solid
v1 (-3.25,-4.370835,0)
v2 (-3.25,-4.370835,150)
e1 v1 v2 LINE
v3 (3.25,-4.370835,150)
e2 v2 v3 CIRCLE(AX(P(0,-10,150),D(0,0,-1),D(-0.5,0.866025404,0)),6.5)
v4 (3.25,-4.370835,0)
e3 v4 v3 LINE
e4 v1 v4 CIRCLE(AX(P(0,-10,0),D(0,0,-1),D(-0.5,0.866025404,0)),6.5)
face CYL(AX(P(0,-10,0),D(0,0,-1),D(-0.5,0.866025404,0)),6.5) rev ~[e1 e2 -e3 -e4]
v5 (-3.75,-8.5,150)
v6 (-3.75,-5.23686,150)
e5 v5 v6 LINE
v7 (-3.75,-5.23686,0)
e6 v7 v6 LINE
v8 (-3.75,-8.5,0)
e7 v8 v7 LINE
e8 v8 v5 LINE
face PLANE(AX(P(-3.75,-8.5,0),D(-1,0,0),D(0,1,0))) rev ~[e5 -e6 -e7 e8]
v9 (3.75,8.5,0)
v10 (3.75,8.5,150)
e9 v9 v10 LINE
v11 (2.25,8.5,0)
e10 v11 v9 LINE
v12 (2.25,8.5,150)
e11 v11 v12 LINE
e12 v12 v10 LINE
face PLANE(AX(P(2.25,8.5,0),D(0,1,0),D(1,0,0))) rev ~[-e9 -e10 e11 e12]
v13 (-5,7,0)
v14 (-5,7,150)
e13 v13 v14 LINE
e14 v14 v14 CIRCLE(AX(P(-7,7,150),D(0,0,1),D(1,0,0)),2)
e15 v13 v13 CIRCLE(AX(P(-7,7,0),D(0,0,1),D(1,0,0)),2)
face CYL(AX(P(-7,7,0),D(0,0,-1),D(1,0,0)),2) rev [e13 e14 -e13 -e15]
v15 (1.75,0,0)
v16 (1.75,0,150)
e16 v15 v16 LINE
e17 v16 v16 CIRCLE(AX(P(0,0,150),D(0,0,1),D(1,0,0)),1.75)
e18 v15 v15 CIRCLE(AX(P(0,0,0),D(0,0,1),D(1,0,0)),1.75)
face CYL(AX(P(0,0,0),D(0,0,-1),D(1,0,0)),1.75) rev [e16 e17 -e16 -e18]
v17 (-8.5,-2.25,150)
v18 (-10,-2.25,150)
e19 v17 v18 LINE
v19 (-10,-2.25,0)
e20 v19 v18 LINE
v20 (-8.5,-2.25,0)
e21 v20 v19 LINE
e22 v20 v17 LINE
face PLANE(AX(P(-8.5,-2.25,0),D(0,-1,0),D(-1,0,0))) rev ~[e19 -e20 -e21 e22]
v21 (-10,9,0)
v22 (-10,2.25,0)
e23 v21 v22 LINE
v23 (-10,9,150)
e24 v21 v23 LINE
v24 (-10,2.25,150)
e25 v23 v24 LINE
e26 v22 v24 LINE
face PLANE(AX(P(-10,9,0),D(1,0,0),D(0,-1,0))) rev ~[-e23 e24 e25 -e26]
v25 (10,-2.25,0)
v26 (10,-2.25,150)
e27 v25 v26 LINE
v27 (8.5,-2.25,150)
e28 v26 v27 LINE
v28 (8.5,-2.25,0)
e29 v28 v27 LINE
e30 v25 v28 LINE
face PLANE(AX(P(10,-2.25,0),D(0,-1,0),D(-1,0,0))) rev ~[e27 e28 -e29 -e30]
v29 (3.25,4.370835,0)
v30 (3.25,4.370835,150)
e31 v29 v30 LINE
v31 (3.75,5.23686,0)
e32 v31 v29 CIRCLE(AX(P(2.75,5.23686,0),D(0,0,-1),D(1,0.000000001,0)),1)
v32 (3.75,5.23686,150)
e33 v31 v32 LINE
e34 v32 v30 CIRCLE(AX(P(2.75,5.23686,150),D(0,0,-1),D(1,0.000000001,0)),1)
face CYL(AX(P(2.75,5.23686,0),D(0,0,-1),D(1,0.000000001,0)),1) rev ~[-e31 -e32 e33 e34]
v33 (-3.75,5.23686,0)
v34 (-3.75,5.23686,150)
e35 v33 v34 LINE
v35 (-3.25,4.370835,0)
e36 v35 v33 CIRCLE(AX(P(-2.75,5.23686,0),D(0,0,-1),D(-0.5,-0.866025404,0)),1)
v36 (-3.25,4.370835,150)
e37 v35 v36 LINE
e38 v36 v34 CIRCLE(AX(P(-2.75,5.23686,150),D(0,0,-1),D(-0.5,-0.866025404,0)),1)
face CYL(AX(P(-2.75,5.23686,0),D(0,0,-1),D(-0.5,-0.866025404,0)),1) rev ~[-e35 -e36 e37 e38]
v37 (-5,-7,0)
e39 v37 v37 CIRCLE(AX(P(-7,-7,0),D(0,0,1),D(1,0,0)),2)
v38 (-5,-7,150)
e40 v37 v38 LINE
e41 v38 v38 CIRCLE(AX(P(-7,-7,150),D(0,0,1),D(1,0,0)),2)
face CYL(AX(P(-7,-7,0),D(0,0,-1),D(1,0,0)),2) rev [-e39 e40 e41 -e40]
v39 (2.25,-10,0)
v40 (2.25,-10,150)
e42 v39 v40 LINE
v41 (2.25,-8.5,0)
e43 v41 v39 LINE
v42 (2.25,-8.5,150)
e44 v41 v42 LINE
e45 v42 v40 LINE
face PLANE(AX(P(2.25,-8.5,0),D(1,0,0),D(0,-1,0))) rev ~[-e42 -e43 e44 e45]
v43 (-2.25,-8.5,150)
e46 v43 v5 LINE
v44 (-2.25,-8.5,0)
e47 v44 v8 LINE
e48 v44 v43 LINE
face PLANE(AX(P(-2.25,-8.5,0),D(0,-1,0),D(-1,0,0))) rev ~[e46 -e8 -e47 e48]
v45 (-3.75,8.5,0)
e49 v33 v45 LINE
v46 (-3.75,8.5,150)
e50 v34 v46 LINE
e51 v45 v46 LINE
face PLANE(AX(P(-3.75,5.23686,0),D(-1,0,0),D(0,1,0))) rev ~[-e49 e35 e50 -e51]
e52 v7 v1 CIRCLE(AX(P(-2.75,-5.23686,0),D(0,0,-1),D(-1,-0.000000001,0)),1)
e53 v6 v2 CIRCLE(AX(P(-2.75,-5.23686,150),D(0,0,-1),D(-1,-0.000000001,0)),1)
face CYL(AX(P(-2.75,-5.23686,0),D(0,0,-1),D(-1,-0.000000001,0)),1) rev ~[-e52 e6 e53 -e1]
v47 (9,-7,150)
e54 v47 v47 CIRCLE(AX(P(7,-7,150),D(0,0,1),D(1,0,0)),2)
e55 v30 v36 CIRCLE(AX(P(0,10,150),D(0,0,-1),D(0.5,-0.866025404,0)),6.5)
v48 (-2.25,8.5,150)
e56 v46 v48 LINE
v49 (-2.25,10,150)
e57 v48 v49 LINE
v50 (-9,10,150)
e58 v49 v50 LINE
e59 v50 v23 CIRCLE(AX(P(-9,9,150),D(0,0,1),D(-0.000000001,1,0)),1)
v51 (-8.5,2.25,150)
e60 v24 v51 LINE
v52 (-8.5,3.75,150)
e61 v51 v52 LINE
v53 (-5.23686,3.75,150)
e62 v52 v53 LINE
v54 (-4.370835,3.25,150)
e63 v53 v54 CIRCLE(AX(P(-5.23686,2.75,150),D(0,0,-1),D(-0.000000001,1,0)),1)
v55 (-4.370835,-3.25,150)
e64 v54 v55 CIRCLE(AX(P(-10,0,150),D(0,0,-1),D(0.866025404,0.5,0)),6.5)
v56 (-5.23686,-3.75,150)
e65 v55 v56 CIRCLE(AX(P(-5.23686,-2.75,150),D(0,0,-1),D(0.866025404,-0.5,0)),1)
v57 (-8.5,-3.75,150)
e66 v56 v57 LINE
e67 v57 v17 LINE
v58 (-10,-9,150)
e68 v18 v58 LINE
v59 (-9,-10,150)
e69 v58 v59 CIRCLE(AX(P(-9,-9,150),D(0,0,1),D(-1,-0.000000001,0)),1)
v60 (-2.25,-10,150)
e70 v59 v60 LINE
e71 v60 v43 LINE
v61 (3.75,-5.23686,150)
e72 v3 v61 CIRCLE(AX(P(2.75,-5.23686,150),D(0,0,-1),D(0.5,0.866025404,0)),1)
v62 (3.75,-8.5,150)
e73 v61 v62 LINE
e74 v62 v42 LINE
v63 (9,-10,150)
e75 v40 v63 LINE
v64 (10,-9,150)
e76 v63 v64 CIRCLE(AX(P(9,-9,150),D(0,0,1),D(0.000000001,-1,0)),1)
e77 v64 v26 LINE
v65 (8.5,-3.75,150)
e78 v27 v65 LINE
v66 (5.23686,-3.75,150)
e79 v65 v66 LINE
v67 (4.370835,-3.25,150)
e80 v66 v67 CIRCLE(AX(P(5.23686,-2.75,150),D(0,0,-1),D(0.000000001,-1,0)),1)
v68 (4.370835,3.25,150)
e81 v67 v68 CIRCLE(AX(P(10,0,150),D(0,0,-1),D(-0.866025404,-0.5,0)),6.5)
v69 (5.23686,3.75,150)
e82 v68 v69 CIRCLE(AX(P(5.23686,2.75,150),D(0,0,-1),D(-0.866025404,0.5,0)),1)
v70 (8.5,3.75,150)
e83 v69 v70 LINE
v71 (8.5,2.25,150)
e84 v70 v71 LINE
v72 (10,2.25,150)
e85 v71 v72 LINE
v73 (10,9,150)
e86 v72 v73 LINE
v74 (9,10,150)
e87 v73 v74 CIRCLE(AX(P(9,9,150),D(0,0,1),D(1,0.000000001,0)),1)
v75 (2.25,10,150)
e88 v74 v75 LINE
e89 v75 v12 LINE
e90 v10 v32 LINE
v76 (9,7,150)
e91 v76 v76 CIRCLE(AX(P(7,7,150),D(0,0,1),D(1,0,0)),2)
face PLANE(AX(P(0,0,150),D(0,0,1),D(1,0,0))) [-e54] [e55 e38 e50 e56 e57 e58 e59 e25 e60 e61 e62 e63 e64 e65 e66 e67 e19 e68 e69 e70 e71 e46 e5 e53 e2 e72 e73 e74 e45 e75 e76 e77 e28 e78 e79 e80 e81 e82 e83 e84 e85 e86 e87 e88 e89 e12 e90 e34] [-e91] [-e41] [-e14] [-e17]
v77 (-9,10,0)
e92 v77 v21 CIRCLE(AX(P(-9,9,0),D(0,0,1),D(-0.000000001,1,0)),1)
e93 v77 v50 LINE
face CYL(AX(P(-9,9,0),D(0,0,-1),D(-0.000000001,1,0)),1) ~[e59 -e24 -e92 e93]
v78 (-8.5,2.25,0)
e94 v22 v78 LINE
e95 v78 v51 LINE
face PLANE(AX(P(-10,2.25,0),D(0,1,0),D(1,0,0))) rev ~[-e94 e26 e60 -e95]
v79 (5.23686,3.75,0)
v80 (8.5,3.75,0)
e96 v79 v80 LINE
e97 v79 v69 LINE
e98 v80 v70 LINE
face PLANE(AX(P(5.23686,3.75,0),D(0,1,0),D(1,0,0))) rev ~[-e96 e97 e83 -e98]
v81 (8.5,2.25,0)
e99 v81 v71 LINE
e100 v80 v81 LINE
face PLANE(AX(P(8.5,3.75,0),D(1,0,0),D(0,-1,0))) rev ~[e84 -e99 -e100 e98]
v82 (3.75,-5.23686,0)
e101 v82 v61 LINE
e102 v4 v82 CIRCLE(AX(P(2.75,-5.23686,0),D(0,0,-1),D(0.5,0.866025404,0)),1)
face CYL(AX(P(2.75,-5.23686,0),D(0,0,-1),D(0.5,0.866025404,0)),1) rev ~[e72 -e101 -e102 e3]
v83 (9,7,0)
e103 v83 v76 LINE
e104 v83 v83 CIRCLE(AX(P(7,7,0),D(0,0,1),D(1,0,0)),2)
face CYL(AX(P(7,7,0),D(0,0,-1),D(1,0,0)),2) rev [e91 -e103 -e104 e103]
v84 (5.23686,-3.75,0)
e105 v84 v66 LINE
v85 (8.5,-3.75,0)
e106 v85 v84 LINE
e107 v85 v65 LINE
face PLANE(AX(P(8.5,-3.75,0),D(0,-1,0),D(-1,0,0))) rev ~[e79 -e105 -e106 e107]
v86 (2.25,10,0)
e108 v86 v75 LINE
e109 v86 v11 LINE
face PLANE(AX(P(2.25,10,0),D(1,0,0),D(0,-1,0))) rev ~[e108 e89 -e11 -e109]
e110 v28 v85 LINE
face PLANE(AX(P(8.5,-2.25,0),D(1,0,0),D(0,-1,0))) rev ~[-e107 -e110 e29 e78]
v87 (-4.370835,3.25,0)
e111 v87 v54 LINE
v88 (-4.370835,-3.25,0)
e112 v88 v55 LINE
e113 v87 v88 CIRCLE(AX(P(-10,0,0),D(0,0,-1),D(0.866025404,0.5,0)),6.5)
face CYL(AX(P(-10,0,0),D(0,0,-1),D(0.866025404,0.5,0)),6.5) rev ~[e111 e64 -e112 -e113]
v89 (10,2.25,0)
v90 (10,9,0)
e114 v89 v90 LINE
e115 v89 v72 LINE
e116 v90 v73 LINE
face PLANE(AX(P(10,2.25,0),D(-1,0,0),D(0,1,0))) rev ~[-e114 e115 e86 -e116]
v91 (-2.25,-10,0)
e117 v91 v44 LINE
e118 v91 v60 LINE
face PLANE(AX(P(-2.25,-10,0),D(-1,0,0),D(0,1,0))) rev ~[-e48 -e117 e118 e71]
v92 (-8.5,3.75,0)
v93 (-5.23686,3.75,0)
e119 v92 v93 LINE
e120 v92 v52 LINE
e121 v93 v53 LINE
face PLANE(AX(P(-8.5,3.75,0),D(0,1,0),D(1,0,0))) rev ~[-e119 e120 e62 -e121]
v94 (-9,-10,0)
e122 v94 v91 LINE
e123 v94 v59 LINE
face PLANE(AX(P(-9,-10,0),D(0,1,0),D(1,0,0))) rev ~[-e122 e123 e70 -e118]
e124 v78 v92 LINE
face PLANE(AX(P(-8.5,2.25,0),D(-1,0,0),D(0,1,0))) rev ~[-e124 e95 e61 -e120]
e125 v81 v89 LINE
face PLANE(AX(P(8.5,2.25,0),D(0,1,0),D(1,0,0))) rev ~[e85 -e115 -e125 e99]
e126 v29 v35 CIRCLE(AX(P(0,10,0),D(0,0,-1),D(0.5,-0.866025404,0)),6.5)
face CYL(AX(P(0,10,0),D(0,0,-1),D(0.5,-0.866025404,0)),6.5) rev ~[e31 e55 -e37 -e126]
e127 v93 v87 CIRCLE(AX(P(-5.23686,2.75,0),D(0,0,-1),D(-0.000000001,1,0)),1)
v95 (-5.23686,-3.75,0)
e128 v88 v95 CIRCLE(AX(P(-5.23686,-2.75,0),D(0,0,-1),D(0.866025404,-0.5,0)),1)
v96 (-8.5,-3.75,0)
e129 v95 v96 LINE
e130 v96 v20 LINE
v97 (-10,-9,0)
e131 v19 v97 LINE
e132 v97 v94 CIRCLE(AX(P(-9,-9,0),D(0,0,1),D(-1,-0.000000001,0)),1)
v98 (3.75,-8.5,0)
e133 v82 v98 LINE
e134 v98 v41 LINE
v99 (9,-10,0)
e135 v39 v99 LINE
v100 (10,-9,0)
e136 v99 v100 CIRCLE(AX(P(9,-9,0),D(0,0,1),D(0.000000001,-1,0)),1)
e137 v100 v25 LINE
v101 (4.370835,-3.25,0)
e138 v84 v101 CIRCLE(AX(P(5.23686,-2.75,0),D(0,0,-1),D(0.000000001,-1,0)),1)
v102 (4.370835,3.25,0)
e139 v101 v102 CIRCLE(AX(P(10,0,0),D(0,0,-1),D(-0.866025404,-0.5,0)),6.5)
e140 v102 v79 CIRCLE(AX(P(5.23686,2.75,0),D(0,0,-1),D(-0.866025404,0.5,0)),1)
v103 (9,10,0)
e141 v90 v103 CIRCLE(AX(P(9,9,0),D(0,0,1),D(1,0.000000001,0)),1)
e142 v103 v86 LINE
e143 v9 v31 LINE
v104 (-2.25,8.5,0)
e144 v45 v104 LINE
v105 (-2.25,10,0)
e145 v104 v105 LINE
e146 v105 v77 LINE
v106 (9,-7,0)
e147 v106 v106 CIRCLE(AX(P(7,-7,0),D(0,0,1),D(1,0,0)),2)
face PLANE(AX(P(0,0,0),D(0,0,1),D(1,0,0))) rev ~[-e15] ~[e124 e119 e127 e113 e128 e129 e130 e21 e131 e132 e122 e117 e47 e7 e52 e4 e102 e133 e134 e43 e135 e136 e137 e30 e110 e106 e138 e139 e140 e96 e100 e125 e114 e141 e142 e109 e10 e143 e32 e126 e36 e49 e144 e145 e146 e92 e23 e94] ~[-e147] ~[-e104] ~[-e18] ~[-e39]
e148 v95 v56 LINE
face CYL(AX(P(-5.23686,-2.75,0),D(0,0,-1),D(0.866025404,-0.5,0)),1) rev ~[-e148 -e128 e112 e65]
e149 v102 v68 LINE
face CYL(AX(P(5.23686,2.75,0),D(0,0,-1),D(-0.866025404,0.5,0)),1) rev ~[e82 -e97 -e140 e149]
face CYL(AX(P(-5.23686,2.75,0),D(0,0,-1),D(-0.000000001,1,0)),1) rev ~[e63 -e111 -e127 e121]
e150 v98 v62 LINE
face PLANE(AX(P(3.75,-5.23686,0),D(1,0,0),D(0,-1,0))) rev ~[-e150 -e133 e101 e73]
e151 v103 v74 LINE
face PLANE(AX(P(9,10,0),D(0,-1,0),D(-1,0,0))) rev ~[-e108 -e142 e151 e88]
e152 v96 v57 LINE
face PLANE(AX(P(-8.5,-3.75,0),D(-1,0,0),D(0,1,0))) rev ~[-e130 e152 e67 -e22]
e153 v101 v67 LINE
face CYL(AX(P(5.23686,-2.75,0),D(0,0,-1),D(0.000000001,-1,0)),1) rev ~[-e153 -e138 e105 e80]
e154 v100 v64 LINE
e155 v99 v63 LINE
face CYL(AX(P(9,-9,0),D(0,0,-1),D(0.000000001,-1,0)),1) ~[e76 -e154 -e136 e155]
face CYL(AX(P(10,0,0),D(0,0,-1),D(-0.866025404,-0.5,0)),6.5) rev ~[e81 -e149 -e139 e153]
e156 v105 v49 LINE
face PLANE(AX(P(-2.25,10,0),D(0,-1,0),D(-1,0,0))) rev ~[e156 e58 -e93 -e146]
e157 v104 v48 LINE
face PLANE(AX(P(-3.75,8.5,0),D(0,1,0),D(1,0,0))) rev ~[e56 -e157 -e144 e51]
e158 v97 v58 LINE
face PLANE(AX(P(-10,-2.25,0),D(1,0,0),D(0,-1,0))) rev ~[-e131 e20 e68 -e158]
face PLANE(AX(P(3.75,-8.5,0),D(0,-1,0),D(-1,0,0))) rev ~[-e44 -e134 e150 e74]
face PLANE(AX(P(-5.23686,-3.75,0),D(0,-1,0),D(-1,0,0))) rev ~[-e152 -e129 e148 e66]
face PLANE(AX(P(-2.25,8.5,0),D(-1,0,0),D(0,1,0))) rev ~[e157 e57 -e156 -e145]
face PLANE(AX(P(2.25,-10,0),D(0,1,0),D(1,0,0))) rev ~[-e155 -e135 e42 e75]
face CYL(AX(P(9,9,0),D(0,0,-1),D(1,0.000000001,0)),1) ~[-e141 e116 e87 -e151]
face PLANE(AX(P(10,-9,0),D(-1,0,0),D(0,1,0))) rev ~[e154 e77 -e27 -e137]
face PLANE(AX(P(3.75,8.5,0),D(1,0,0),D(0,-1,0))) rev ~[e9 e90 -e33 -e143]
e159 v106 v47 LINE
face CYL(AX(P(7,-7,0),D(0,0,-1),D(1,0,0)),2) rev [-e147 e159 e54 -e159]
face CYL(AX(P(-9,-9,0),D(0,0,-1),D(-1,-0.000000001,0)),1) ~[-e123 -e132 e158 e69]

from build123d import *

# Parameters (mm, degrees)
SKETCH1_R           = 2
SKETCH1_R_2         = 1.75
BOSS_EXTRUDE1_DEPTH = 150


with BuildPart() as part:
    # Sketch1 → Boss-Extrude1 (new body)
    with BuildSketch(Plane.XY):
        with BuildLine():
            Line((-10, 9), (-10, 2.25))
            Line((-10, 2.25), (-8.5, 2.25))
            Line((-8.5, 2.25), (-8.5, 3.75))
            Line((-8.5, 3.75), (-5.236860279, 3.75))
            ThreePointArc((-5.236860279, 3.75), (-4.736860279, 3.616025404), (-4.370834875, 3.25))
            ThreePointArc((-4.370834875, 3.25), (-3.5, 0), (-4.370834875, -3.25))
            ThreePointArc((-4.370834875, -3.25), (-4.736860279, -3.616025404), (-5.236860279, -3.75))
            Line((-5.236860279, -3.75), (-8.5, -3.75))
            Line((-8.5, -3.75), (-8.5, -2.25))
            Line((-8.5, -2.25), (-10, -2.25))
            Line((-10, -2.25), (-10, -9))
            ThreePointArc((-10, -9), (-9.707106781, -9.707106781), (-9, -10))
            Line((-9, -10), (-2.25, -10))
            Line((-2.25, -10), (-2.25, -8.5))
            Line((-2.25, -8.5), (-3.75, -8.5))
            Line((-3.75, -8.5), (-3.75, -5.236860279))
            ThreePointArc((-3.75, -5.236860279), (-3.616025404, -4.736860279), (-3.25, -4.370834875))
            ThreePointArc((-3.25, -4.370834875), (0, -3.5), (3.25, -4.370834875))
            ThreePointArc((3.25, -4.370834875), (3.616025404, -4.736860279), (3.75, -5.236860279))
            Line((3.75, -5.236860279), (3.75, -8.5))
            Line((3.75, -8.5), (2.25, -8.5))
            Line((2.25, -8.5), (2.25, -10))
            Line((2.25, -10), (9, -10))
            ThreePointArc((9, -10), (9.707106781, -9.707106781), (10, -9))
            Line((10, -9), (10, -2.25))
            Line((10, -2.25), (8.5, -2.25))
            Line((8.5, -2.25), (8.5, -3.75))
            Line((8.5, -3.75), (5.236860279, -3.75))
            ThreePointArc((5.236860279, -3.75), (4.736860279, -3.616025404), (4.370834875, -3.25))
            ThreePointArc((4.370834875, -3.25), (3.5, 0), (4.370834875, 3.25))
            ThreePointArc((4.370834875, 3.25), (4.736860279, 3.616025404), (5.236860279, 3.75))
            Line((5.236860279, 3.75), (8.5, 3.75))
            Line((8.5, 3.75), (8.5, 2.25))
            Line((8.5, 2.25), (10, 2.25))
            Line((10, 2.25), (10, 9))
            ThreePointArc((10, 9), (9.707106781, 9.707106781), (9, 10))
            Line((9, 10), (2.25, 10))
            Line((2.25, 10), (2.25, 8.5))
            Line((2.25, 8.5), (3.75, 8.5))
            Line((3.75, 8.5), (3.75, 5.236860279))
            ThreePointArc((3.75, 5.236860279), (3.616025404, 4.736860279), (3.25, 4.370834875))
            ThreePointArc((3.25, 4.370834875), (0, 3.5), (-3.25, 4.370834875))
            ThreePointArc((-3.25, 4.370834875), (-3.616025404, 4.736860279), (-3.75, 5.236860279))
            Line((-3.75, 5.236860279), (-3.75, 8.5))
            Line((-3.75, 8.5), (-2.25, 8.5))
            Line((-2.25, 8.5), (-2.25, 10))
            Line((-2.25, 10), (-9, 10))
            ThreePointArc((-9, 10), (-9.707106781, 9.707106781), (-10, 9))
        make_face()
        with Locations((-7, -7)):
            Circle(SKETCH1_R, mode=Mode.SUBTRACT)
        with Locations((7, -7)):
            Circle(SKETCH1_R, mode=Mode.SUBTRACT)
        with Locations((7, 7)):
            Circle(SKETCH1_R, mode=Mode.SUBTRACT)
        Circle(SKETCH1_R_2, mode=Mode.SUBTRACT)
        with Locations((-7, 7)):
            Circle(SKETCH1_R, mode=Mode.SUBTRACT)
    extrude(amount=BOSS_EXTRUDE1_DEPTH)


solid = part.part
